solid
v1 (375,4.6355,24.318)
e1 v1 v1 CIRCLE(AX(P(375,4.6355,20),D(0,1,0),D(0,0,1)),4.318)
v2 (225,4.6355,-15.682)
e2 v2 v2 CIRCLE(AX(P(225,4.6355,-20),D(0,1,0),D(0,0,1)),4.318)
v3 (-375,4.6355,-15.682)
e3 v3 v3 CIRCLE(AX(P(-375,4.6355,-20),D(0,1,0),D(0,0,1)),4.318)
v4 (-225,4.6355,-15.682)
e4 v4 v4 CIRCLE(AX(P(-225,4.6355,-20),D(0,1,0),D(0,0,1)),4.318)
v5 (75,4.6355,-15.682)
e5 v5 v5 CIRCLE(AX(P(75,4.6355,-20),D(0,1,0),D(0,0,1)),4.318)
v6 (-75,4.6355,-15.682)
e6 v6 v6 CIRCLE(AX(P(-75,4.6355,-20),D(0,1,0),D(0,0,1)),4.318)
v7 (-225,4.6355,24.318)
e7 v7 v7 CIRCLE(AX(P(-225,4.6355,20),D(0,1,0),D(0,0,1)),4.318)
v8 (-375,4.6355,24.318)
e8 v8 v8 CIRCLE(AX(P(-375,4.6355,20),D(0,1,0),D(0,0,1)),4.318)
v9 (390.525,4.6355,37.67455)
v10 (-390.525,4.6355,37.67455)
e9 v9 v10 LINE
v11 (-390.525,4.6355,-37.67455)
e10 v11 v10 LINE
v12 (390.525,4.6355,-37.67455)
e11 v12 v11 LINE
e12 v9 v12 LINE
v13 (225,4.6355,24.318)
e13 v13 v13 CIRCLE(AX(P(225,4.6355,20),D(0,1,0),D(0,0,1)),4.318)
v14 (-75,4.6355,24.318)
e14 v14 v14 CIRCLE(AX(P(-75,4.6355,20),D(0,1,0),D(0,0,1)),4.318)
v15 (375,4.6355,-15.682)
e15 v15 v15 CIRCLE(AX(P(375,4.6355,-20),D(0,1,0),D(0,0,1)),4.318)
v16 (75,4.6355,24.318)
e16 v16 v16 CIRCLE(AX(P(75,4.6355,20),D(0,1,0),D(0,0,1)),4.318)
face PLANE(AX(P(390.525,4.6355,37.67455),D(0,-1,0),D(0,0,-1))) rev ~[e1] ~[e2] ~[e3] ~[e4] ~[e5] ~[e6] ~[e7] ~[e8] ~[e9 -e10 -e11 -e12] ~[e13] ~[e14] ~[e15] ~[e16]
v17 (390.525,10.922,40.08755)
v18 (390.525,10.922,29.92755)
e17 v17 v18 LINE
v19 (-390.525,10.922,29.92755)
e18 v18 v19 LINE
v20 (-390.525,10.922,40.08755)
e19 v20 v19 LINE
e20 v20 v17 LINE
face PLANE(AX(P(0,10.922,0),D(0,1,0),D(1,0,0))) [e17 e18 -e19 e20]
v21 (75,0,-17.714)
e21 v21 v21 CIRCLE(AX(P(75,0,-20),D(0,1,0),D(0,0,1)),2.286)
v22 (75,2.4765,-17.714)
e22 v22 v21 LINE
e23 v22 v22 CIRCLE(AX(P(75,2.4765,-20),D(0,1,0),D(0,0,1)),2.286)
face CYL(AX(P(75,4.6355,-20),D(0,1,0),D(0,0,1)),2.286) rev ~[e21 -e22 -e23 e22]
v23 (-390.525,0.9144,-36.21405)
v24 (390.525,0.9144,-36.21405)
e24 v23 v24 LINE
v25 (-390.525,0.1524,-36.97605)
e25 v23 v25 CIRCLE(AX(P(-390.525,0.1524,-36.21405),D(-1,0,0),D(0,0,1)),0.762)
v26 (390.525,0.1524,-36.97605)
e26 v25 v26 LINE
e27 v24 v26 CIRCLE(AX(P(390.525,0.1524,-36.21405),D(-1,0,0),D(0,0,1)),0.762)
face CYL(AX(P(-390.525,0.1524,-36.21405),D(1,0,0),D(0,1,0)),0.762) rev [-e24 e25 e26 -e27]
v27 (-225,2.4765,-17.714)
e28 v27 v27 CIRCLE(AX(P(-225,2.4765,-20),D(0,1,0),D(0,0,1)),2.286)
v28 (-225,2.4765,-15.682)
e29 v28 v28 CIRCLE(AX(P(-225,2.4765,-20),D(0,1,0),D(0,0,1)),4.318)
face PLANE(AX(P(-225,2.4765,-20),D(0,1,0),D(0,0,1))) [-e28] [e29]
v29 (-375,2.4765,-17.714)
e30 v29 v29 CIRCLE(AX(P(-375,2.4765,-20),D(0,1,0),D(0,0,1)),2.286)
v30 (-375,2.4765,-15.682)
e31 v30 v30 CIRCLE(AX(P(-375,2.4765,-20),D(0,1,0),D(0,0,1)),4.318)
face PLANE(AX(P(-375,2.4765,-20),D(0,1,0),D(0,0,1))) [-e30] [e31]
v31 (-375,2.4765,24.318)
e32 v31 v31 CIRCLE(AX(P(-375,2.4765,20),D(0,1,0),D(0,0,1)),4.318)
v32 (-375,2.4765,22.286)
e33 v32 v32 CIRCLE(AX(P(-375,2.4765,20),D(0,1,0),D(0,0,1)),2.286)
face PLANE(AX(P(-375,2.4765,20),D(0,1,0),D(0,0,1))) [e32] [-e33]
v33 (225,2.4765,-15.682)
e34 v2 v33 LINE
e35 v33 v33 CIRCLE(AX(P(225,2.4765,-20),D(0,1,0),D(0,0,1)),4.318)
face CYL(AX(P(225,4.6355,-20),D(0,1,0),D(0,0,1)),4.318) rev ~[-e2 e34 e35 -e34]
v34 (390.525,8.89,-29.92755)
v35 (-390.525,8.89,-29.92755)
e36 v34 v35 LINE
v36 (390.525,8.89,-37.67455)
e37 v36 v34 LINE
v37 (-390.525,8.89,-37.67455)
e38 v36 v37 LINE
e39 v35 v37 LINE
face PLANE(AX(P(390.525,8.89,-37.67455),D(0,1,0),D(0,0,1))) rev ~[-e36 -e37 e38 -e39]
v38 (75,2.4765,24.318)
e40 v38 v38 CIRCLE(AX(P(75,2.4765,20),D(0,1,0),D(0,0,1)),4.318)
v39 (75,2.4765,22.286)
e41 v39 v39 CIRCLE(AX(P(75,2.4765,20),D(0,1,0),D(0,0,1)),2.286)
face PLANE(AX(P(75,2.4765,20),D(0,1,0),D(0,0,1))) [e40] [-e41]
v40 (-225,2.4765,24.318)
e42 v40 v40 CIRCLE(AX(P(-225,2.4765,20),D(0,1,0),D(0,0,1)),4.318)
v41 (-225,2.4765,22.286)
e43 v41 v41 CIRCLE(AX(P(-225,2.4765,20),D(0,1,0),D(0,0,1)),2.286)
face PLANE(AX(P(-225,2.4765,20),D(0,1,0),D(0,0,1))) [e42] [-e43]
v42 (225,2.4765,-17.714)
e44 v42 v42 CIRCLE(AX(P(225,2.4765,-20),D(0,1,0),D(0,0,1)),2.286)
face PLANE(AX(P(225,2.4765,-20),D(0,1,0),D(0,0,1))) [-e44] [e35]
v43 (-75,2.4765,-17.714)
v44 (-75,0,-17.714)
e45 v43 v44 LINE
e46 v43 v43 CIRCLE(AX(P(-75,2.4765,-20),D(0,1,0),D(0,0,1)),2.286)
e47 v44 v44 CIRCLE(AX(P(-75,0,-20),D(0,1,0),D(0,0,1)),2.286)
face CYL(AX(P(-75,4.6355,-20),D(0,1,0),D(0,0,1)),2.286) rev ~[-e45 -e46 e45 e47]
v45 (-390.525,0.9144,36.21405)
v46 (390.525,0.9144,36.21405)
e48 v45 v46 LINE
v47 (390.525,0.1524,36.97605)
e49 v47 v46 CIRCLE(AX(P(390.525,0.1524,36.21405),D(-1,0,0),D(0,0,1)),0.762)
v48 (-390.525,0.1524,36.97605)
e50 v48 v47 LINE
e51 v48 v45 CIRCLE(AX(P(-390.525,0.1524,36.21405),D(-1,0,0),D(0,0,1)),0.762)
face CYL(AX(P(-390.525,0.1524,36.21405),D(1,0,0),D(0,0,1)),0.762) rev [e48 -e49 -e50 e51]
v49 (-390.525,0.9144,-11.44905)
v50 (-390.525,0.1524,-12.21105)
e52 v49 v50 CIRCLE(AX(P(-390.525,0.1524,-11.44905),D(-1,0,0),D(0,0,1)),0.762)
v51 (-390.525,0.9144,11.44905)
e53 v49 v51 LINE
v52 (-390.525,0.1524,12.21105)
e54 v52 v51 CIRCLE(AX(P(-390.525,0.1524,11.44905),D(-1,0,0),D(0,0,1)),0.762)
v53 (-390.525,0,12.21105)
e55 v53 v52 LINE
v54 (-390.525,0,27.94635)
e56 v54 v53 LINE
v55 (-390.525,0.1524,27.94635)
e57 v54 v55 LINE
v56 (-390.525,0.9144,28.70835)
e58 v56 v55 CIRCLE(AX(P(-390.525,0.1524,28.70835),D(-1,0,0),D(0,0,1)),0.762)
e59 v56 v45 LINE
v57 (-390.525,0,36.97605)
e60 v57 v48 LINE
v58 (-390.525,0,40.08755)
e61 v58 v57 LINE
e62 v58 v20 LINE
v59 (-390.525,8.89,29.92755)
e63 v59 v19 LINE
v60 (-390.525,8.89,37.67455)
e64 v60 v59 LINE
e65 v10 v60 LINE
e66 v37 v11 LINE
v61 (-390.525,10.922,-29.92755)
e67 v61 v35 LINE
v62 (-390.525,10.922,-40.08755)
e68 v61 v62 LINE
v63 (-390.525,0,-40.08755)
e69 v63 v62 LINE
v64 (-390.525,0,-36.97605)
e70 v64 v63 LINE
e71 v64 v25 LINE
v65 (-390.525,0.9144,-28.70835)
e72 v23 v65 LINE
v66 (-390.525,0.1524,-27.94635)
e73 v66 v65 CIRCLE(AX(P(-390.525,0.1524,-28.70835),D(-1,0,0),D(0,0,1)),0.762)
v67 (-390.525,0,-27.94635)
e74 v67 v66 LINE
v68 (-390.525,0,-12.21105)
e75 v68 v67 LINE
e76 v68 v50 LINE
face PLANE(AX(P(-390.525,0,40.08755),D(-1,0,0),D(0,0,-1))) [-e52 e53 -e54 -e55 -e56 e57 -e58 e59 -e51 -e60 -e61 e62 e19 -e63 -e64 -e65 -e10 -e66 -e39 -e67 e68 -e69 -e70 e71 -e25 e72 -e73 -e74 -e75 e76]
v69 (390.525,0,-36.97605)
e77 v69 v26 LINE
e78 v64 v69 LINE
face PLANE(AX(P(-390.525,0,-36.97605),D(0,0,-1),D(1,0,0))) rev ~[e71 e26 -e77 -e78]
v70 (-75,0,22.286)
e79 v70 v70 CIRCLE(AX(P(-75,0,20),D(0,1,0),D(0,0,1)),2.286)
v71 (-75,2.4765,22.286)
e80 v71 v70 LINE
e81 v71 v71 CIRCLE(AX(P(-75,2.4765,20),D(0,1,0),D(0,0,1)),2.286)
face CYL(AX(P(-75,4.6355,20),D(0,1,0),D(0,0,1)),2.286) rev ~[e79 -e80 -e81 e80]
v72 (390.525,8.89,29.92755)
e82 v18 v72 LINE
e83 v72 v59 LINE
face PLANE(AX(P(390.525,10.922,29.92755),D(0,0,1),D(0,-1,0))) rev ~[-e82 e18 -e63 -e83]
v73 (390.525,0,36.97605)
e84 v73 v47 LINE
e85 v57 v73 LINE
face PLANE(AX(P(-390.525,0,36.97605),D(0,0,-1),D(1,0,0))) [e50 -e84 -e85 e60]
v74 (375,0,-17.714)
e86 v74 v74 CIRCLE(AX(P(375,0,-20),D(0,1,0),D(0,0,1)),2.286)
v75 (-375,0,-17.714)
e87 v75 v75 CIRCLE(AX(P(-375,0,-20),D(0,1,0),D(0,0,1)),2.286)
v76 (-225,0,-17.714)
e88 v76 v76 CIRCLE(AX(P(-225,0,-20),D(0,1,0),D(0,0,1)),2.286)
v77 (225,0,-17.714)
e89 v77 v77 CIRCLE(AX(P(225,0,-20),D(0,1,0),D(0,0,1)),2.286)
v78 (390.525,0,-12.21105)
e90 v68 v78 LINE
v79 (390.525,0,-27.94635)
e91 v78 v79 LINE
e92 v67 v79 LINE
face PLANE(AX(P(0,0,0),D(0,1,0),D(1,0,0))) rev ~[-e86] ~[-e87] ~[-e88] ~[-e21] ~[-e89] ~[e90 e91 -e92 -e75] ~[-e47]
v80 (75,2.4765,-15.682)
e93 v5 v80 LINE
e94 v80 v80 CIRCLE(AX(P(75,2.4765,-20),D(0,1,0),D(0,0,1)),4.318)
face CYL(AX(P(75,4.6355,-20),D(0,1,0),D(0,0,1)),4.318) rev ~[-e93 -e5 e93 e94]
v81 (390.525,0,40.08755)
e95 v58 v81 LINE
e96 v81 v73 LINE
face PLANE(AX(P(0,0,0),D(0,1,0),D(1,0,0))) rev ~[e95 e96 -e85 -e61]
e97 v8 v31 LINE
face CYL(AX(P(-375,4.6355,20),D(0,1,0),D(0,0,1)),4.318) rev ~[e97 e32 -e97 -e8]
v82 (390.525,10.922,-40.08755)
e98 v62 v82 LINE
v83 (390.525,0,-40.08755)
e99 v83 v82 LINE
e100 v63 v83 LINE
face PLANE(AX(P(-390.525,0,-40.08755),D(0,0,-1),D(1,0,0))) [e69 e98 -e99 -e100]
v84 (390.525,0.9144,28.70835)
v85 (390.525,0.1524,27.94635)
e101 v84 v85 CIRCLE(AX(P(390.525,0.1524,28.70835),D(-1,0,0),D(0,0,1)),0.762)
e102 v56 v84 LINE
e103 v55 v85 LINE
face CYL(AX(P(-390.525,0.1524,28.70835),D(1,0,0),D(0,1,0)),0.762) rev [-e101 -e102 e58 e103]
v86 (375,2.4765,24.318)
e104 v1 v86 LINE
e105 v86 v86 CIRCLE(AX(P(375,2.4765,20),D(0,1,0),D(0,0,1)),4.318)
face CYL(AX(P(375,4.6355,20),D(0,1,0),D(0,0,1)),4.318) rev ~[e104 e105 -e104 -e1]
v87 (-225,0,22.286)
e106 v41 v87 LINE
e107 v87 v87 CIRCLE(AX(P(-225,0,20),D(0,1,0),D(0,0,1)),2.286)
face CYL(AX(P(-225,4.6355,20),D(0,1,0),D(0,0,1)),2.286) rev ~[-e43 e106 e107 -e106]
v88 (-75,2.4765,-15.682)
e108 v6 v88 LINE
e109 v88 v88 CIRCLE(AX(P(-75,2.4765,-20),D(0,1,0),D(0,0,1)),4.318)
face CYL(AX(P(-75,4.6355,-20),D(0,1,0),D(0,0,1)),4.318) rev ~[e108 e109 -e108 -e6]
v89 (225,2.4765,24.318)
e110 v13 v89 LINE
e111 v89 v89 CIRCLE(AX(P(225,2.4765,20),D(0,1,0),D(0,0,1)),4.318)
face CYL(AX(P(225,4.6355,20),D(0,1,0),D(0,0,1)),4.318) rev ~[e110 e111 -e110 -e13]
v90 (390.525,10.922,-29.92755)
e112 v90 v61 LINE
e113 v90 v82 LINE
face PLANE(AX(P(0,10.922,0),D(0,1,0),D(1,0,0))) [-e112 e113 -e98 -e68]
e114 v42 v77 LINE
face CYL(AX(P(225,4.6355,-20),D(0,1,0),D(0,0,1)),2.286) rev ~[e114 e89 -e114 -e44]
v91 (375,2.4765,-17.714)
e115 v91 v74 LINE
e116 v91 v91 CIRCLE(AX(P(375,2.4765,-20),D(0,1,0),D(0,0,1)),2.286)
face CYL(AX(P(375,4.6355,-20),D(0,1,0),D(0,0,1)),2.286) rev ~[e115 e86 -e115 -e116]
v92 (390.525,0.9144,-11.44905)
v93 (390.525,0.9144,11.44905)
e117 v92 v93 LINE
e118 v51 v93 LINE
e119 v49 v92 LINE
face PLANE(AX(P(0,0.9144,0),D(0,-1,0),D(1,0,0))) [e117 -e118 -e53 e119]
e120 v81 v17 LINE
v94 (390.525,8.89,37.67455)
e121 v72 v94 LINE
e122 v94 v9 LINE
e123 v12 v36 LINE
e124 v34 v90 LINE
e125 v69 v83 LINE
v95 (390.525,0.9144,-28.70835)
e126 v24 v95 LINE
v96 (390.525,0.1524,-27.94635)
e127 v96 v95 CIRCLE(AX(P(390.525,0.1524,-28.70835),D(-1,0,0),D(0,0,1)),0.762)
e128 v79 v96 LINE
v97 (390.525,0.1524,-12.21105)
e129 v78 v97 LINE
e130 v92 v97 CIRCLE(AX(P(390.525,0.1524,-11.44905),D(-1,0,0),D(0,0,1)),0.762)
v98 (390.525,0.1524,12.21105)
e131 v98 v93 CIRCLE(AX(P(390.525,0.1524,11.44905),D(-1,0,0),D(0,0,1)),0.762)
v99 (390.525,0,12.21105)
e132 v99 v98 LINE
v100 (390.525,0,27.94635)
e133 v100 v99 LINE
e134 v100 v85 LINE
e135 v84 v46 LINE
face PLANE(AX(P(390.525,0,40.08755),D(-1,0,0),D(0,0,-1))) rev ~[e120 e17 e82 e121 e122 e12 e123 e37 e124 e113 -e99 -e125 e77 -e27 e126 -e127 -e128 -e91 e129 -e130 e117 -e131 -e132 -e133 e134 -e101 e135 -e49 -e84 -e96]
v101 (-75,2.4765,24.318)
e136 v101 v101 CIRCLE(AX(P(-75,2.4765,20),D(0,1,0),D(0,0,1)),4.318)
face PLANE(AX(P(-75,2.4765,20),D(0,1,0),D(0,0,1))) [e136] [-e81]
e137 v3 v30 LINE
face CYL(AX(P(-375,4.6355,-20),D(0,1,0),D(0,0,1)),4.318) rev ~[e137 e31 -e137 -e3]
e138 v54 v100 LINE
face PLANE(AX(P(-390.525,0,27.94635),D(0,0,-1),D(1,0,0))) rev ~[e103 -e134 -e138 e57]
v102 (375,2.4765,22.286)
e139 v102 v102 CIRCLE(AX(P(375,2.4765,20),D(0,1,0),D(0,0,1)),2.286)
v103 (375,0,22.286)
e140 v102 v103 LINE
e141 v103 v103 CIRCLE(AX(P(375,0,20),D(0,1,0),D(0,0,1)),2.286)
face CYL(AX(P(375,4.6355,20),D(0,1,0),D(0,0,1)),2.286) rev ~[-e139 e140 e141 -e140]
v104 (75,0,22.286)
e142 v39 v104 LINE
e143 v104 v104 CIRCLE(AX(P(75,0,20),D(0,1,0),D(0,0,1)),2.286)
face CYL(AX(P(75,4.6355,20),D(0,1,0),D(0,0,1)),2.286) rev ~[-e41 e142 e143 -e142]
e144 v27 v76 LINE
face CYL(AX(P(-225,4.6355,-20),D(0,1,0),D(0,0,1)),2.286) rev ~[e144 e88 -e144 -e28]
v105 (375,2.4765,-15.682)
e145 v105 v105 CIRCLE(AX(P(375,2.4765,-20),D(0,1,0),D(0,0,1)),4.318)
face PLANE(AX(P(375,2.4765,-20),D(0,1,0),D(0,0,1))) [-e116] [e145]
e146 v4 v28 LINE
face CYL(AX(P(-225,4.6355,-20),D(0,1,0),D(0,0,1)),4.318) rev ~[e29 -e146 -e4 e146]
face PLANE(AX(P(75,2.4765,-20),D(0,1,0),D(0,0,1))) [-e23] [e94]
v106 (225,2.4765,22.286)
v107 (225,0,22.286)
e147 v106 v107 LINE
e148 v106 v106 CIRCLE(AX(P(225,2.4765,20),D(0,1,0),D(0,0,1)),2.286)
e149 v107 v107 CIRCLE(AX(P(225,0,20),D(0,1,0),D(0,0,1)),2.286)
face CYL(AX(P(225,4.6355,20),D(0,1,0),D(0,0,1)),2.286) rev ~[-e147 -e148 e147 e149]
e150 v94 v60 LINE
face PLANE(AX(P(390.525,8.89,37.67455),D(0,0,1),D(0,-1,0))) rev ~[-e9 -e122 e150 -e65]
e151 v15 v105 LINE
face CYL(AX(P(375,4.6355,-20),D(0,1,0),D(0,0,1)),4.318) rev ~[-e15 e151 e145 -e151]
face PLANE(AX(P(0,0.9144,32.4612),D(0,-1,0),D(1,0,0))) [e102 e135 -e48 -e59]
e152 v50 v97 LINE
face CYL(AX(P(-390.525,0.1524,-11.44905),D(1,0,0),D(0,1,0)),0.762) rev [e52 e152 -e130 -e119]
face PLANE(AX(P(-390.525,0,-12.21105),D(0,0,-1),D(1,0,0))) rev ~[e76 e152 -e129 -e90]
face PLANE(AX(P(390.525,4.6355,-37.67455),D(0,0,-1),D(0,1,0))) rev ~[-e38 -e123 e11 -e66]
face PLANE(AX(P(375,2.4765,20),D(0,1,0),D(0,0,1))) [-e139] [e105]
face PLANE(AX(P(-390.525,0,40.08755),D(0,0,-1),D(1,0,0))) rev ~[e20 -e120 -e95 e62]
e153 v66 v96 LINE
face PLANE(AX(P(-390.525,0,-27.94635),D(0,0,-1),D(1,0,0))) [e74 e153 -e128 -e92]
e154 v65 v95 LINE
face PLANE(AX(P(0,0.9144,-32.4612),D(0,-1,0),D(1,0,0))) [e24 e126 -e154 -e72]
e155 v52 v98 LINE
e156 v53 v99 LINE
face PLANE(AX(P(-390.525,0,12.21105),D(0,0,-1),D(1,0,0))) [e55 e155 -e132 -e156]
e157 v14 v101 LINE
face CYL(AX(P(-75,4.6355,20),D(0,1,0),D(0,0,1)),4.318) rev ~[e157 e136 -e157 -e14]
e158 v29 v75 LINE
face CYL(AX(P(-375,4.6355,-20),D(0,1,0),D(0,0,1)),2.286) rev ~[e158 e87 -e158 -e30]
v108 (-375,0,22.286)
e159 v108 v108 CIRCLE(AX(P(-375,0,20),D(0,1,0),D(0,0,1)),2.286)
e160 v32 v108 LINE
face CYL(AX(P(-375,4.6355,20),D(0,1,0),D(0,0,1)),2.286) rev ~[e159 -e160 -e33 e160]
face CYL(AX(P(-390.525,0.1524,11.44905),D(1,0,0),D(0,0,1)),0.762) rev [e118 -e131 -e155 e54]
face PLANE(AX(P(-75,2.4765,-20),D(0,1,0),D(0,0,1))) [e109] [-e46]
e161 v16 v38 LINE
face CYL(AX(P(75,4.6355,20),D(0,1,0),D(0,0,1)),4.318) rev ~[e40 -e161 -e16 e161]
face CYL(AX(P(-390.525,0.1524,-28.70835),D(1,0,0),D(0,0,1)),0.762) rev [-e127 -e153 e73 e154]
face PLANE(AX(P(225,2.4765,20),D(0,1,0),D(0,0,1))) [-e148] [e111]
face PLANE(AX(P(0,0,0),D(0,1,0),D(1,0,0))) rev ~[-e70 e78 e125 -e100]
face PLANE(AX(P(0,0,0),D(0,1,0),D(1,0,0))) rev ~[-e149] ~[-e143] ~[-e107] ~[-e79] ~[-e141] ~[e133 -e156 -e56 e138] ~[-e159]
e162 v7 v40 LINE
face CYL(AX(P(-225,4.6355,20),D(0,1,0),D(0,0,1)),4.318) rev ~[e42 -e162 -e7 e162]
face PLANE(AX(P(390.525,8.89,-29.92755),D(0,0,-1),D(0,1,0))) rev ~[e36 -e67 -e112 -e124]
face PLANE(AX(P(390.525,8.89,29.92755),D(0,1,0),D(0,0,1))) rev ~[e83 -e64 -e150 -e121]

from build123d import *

# Parameters (mm, degrees)
SKETCH1_W           = 781.05
SKETCH1_H           = 80.1751
BOSS_EXTRUDE1_DEPTH = 10.922
SKETCH2_W           = 781.05
SKETCH2_H           = 9.0297
SKETCH2_H_2         = 24.4221
CUT_EXTRUDE1_DEPTH  = 0.9144
FILLET1_R           = 0.762
CUT_EXTRUDE2_DEPTH  = 783.154335313
SKETCH6_R           = 2.286
CUT_EXTRUDE4_DEPTH  = 393.627440931
LPATTERN1_COUNT     = 5
LPATTERN1_PITCH     = 150
LPATTERN2_COUNT     = 4
LPATTERN2_PITCH     = 150
SKETCH7_R           = 4.318
CUT_EXTRUDE5_DEPTH  = 2.159
LPATTERN3_COUNT     = 6
LPATTERN3_PITCH     = 150


with BuildPart() as part:
    # Sketch1 → Boss-Extrude1 (new body)
    with BuildSketch(Plane(origin=(0, 0, 0), x_dir=(1, 0, 0), z_dir=(0, 1, 0))):
        Rectangle(SKETCH1_W, SKETCH1_H)
    extrude(amount=BOSS_EXTRUDE1_DEPTH)

    # Sketch2 → Cut-Extrude1 (cut)
    with BuildSketch(Plane.XZ):
        with Locations((0, 32.4612)):
            Rectangle(SKETCH2_W, SKETCH2_H)
        Rectangle(SKETCH2_W, SKETCH2_H_2)
        with Locations((0, -32.4612)):
            Rectangle(SKETCH2_W, SKETCH2_H)
    extrude(amount=-CUT_EXTRUDE1_DEPTH, mode=Mode.SUBTRACT)

    # Fillet1
    fillet1_edges = [part.edges().sort_by_distance(p)[0] for p in [
        (0, 0.9144, 27.94635),
        (0, 0.9144, 36.97605),
        (0, 0.9144, -12.21105),
        (0, 0.9144, 12.21105),
        (0, 0.9144, -36.97605),
        (0, 0.9144, -27.94635),
    ]]
    fillet(fillet1_edges, radius=FILLET1_R)

    # Sketch3 → Cut-Extrude2 (cut, through all)
    with BuildSketch(Plane(origin=(390.525, 0, 0), x_dir=(0, 0, -1), z_dir=(1, 0, 0))):
        Polygon((-29.92755, 10.922), (-29.92755, 8.89), (-37.67455, 8.89), (-37.67455, 4.6355), (37.67455, 4.6355), (37.67455, 8.89), (29.92755, 8.89), (29.92755, 10.922), align=None)
    extrude(amount=-CUT_EXTRUDE2_DEPTH, mode=Mode.SUBTRACT)

    # Sketch6 → Cut-Extrude4 (cut, through all)
    with BuildSketch(Plane(origin=(0, 4.6355, 0), x_dir=(1, 0, 0), z_dir=(0, 1, 0))):
        with Locations(Location((75, -20, 0), (0, 0, 270))):
            Circle(SKETCH6_R)
        with Locations(Location((75, 20, 0), (0, 0, 270))):
            Circle(SKETCH6_R)
    cut_extrude4 = extrude(amount=-CUT_EXTRUDE4_DEPTH, mode=Mode.SUBTRACT)

    # LPattern1: Cut-Extrude4 ×5
    with Locations(*[(i * LPATTERN1_PITCH, 0, 0) for i in range(1, LPATTERN1_COUNT)]):
        add(cut_extrude4, mode=Mode.SUBTRACT)

    # LPattern2: Cut-Extrude4 ×4
    with Locations(*[(-i * LPATTERN2_PITCH, 0, 0) for i in range(1, LPATTERN2_COUNT)]):
        add(cut_extrude4, mode=Mode.SUBTRACT)

    # Sketch7 → Cut-Extrude5 (cut)
    with BuildSketch(Plane(origin=(0, 4.6355, 0), x_dir=(1, 0, 0), z_dir=(0, 1, 0))):
        with Locations(Location((375, -20, 0), (0, 0, 270))):
            Circle(SKETCH7_R)
        with Locations(Location((375, 20, 0), (0, 0, 270))):
            Circle(SKETCH7_R)
    cut_extrude5 = extrude(amount=-CUT_EXTRUDE5_DEPTH, mode=Mode.SUBTRACT)

    # LPattern3: Cut-Extrude5 ×6
    with Locations(*[(-i * LPATTERN3_PITCH, 0, 0) for i in range(1, LPATTERN3_COUNT)]):
        add(cut_extrude5, mode=Mode.SUBTRACT)


solid = part.part
